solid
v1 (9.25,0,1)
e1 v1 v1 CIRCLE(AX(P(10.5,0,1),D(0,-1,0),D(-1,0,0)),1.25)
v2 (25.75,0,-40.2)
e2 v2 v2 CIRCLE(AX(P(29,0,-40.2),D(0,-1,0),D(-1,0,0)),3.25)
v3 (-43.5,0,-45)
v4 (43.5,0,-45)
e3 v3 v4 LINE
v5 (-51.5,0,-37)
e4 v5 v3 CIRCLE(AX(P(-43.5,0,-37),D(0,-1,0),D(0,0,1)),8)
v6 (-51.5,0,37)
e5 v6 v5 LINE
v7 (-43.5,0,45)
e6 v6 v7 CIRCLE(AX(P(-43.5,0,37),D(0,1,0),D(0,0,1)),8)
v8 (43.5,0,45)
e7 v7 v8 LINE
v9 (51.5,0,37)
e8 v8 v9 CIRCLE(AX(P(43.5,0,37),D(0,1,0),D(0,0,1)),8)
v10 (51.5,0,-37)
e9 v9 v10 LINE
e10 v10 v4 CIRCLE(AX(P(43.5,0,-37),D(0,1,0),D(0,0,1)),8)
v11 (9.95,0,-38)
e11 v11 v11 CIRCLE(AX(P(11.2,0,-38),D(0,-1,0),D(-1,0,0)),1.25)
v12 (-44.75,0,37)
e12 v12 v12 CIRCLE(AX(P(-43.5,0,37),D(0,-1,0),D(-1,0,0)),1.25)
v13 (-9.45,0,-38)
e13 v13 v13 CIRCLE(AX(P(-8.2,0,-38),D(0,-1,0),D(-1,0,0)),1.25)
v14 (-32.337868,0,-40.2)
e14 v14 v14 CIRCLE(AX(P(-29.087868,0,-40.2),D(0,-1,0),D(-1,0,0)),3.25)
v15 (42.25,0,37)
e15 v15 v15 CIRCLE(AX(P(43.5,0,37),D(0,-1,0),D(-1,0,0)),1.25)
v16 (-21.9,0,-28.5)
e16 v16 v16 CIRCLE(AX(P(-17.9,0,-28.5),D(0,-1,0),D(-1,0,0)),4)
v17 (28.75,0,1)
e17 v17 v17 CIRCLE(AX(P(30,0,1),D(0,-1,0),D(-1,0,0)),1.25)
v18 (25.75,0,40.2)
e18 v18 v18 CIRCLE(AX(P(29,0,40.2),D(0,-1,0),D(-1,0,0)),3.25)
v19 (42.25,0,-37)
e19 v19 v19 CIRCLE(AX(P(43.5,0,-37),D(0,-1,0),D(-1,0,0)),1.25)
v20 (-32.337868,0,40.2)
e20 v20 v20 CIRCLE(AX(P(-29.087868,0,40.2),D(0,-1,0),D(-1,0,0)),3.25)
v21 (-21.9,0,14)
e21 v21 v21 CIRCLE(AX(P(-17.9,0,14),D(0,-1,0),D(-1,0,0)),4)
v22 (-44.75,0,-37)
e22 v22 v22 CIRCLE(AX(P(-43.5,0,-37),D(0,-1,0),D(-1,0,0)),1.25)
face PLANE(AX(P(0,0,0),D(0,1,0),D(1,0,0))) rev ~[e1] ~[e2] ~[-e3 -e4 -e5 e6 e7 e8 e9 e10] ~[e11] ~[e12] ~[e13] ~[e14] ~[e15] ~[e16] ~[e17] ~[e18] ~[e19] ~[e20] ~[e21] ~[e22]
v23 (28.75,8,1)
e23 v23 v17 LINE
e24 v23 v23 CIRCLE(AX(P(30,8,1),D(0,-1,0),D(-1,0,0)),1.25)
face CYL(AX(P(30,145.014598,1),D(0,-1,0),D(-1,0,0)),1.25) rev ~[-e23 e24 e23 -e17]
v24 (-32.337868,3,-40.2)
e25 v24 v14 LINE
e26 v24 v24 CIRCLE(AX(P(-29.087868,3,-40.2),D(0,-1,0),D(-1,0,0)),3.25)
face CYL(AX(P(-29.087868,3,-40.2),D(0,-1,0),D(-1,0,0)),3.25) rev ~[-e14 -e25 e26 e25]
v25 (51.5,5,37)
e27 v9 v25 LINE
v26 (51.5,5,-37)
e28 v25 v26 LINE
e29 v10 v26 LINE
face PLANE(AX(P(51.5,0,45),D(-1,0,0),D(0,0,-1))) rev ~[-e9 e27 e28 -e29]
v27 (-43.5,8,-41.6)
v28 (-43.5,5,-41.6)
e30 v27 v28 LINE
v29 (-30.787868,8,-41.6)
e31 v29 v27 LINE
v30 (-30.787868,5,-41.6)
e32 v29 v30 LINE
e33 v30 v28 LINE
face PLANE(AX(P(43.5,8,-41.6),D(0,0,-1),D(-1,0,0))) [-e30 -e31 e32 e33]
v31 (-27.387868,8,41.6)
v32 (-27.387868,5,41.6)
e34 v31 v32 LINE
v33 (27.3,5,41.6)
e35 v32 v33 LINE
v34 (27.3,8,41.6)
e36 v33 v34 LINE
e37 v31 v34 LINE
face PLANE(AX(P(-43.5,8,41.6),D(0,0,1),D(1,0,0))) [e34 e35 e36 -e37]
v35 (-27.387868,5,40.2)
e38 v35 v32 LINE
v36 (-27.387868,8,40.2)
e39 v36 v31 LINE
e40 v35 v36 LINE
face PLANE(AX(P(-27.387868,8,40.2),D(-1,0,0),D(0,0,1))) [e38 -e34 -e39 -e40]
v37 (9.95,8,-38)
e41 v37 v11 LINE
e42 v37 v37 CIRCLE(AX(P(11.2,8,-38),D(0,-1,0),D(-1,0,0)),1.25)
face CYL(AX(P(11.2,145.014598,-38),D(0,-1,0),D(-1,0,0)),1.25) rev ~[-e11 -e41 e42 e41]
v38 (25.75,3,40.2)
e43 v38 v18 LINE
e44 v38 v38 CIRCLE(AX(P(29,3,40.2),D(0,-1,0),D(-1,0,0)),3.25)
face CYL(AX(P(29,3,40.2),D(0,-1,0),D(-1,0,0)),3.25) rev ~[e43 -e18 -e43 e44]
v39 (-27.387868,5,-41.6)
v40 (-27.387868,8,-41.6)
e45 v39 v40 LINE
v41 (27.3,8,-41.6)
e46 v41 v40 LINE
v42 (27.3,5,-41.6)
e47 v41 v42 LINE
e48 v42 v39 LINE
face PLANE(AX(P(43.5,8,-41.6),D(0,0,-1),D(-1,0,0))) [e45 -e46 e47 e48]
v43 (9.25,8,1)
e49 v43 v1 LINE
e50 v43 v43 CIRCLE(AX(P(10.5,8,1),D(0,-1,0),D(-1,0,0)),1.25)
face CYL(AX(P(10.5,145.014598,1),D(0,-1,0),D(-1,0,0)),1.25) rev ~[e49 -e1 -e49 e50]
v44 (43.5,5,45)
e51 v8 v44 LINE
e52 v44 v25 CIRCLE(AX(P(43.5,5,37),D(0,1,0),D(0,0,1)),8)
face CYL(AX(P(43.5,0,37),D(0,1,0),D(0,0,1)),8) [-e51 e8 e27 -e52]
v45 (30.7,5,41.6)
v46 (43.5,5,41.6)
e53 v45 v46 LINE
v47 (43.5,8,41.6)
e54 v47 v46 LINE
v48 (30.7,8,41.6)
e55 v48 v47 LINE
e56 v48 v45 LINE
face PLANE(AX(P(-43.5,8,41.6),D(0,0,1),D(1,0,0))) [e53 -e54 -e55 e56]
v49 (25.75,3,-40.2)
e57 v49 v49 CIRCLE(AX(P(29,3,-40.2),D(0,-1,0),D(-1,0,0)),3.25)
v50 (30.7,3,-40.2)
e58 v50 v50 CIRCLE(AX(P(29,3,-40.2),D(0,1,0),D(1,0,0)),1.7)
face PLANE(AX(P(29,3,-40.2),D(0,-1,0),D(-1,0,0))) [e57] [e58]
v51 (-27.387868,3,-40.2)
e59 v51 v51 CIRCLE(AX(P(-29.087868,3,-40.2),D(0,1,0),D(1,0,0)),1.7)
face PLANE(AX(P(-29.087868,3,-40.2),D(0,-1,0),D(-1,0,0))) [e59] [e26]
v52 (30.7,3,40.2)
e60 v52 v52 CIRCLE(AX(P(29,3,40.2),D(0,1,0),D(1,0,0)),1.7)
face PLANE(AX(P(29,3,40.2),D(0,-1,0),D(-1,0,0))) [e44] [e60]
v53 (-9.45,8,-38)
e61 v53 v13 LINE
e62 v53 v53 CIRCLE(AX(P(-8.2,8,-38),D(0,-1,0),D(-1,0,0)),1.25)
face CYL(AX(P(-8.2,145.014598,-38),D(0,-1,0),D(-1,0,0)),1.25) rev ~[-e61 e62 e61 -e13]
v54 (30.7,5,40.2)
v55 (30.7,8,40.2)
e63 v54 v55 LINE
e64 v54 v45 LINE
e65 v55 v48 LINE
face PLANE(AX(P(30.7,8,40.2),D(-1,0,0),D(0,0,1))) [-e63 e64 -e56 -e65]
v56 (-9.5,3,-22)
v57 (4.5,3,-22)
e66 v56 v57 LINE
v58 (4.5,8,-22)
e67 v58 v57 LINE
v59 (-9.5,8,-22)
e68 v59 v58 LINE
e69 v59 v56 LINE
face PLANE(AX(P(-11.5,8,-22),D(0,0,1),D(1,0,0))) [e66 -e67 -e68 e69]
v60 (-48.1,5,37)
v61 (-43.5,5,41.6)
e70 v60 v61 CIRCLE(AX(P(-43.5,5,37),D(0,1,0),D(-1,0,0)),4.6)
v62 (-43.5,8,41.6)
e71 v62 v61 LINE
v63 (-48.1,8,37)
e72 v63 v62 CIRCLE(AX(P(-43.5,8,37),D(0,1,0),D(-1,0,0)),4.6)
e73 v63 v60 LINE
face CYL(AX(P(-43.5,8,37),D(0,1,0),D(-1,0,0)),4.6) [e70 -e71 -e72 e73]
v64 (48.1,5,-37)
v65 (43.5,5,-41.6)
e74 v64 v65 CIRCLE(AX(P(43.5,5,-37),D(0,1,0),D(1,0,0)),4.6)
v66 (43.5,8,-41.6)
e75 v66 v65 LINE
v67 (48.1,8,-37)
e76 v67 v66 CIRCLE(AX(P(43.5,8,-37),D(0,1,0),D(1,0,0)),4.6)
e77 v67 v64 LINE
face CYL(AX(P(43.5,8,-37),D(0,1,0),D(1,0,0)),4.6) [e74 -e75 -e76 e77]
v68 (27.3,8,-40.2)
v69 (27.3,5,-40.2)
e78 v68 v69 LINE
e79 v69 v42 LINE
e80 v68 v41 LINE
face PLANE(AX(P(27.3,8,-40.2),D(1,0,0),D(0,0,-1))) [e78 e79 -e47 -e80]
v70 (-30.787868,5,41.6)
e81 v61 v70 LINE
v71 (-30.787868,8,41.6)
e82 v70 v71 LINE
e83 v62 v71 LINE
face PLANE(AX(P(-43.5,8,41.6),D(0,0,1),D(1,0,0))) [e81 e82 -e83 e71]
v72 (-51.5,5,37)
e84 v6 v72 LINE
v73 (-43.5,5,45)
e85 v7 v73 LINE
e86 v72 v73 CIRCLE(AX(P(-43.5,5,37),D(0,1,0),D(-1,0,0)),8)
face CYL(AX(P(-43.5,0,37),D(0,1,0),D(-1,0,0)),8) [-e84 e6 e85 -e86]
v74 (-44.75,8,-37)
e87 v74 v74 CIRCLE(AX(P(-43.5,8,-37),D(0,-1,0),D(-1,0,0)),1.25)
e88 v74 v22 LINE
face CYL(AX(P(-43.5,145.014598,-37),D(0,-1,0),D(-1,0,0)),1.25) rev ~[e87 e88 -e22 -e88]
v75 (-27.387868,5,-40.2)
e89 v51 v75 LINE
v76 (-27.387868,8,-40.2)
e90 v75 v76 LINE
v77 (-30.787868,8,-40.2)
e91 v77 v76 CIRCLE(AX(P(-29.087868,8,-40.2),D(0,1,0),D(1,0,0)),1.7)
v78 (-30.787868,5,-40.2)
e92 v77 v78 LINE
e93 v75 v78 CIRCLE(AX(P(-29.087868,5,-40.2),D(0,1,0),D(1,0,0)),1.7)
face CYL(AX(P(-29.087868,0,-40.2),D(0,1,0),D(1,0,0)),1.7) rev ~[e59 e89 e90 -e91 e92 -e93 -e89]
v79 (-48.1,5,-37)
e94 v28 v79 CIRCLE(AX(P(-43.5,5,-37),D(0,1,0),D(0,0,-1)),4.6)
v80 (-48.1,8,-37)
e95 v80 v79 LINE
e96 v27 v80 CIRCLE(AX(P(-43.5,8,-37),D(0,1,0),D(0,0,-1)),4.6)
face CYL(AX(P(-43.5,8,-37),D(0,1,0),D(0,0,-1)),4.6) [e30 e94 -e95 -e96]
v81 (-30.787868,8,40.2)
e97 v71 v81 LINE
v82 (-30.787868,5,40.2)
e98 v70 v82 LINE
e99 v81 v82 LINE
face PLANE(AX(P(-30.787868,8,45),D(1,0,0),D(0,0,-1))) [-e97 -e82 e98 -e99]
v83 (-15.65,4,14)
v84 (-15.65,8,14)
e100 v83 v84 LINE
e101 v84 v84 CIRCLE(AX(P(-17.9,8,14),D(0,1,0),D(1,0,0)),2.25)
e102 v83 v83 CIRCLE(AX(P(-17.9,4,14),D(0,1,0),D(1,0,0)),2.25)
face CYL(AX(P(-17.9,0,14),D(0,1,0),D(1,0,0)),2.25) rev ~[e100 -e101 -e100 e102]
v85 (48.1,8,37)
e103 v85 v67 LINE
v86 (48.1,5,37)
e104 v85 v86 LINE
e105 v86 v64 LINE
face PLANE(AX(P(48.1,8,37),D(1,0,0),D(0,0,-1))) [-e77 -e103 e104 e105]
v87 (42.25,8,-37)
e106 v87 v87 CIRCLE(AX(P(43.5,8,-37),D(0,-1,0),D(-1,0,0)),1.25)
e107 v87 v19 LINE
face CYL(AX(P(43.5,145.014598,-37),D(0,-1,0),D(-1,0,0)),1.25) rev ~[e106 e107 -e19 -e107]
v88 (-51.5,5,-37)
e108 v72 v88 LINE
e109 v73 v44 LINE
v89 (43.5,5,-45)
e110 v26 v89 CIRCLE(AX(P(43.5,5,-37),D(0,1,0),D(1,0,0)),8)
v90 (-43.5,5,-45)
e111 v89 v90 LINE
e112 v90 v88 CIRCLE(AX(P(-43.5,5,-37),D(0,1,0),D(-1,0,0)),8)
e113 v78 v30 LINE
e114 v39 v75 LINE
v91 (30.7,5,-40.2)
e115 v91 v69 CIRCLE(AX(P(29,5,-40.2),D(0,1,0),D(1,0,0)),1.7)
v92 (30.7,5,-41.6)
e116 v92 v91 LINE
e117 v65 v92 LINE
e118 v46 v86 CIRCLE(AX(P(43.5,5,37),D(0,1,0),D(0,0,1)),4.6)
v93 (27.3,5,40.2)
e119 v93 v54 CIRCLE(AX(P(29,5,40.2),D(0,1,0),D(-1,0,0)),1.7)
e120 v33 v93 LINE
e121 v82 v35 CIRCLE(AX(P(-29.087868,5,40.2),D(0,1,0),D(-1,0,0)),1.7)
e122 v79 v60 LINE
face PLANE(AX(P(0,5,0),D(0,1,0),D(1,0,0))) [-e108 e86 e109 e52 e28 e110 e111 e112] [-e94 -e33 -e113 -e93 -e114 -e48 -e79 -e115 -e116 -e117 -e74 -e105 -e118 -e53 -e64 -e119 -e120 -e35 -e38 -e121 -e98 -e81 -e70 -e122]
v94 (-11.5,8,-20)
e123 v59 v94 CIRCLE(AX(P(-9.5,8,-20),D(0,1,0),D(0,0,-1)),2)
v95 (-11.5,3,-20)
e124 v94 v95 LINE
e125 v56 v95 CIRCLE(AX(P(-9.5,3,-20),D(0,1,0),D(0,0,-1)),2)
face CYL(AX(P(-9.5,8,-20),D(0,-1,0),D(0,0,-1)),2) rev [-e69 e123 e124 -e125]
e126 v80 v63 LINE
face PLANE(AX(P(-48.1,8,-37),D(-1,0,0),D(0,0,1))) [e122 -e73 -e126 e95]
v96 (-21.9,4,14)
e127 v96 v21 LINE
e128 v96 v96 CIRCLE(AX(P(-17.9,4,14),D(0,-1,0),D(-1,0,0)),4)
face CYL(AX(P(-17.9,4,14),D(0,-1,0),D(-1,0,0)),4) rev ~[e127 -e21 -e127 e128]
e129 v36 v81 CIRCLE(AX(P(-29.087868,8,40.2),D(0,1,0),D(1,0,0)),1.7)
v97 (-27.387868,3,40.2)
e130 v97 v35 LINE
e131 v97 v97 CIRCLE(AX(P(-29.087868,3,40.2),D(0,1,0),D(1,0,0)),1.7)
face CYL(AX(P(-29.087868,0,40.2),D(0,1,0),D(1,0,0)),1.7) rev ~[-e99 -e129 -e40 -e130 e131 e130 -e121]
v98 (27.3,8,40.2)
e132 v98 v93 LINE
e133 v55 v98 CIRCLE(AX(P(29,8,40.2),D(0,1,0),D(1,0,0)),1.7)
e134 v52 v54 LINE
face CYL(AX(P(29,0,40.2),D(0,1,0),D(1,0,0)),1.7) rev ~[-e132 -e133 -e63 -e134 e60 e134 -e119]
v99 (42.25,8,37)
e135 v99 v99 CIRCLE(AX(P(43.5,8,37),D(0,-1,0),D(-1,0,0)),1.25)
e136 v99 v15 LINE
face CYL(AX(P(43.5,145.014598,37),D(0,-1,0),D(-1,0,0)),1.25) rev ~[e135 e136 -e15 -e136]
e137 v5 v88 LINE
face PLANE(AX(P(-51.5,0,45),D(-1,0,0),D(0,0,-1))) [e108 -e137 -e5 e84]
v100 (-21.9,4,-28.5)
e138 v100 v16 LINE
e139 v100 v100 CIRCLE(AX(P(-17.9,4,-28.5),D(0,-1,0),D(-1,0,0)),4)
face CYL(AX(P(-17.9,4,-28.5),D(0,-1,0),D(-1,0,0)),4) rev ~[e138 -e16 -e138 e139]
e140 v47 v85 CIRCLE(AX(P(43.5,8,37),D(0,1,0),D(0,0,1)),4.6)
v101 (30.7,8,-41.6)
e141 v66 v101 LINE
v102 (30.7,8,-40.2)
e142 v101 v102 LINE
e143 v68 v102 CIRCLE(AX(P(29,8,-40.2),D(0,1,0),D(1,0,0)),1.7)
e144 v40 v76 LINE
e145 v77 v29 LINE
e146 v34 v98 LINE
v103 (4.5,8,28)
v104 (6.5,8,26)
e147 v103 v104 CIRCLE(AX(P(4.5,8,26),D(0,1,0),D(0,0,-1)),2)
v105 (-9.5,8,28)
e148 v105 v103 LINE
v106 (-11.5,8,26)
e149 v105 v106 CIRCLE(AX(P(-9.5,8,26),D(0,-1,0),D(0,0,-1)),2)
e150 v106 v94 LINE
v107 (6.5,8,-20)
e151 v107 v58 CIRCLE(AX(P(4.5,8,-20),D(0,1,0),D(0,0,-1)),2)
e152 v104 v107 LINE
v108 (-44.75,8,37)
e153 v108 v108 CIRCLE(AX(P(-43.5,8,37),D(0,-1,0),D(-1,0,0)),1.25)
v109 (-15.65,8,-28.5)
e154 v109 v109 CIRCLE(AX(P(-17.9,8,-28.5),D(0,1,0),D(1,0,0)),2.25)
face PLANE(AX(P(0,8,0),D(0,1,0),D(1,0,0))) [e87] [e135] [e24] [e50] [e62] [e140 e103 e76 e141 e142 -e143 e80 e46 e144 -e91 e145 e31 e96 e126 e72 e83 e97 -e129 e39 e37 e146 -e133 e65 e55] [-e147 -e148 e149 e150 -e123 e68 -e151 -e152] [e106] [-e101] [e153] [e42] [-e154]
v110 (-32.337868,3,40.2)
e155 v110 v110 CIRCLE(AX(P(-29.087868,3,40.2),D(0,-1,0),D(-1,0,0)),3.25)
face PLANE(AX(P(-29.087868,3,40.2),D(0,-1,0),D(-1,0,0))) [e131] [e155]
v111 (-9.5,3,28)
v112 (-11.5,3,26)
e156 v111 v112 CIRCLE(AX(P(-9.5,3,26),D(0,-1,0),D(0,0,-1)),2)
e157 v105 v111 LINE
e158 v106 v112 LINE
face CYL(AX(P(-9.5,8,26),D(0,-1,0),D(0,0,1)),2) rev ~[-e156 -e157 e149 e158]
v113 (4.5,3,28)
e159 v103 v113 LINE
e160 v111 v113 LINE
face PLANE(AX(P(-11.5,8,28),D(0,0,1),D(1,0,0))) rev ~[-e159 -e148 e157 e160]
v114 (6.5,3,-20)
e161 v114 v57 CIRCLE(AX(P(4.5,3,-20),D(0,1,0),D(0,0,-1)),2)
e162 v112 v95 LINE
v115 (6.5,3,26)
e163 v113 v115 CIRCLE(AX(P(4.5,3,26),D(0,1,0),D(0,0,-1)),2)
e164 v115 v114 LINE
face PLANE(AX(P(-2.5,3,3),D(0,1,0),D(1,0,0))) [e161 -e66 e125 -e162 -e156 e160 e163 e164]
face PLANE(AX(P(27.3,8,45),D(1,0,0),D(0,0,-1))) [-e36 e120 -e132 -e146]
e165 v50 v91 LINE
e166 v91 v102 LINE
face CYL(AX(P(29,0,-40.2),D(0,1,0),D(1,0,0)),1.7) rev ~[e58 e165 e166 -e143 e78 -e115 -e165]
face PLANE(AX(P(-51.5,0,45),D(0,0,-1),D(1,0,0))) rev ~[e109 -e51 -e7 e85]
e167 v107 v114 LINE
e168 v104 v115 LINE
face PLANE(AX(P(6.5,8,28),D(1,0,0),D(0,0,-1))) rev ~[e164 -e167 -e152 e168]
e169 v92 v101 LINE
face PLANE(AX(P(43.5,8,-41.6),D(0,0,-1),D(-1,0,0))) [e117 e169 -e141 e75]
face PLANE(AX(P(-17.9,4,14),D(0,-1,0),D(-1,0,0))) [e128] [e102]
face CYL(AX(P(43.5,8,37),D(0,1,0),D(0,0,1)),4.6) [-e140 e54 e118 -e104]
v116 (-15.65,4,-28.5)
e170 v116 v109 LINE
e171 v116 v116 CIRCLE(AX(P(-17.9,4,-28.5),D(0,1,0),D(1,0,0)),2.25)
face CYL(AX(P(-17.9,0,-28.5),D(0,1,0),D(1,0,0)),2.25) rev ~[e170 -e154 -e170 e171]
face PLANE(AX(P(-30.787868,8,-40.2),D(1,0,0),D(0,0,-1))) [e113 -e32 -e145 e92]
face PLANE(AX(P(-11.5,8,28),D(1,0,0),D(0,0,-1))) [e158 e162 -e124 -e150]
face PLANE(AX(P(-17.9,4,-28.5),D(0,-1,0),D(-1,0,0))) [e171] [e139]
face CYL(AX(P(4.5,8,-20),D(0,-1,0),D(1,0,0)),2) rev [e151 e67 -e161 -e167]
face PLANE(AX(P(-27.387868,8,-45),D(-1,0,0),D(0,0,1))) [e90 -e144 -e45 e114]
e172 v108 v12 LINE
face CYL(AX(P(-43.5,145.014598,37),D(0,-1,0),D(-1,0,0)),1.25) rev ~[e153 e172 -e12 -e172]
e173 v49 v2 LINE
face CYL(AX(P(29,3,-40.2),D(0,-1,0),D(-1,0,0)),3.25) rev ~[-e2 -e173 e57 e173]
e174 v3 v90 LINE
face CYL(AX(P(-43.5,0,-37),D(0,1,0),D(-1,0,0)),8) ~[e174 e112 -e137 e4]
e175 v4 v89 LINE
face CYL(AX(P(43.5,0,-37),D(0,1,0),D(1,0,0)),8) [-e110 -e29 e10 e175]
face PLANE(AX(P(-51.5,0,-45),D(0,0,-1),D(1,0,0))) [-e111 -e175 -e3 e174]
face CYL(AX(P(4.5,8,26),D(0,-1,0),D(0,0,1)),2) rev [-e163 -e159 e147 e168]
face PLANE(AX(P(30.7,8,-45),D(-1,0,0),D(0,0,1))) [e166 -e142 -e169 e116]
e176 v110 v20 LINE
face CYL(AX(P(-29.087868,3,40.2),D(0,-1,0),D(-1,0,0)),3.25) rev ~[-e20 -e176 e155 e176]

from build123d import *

# Parameters (mm, degrees)
SKETCH1_W                      = 103
SKETCH1_H                      = 90
BOSS_EXTRUDE1_DEPTH            = 8
FILLET1_R                      = 8
SKETCH7_OUTSIDE_W              = 132.402
SKETCH7_OUTSIDE_H              = 119.402
CUT_EXTRUDE2_DEPTH             = 3
M3X0_5_TAPPED_HOLE1_D          = 2.5
SKETCH15_W                     = 18
SKETCH15_H                     = 50
CUT_EXTRUDE3_DEPTH             = 5
FILLET3_R                      = 2
CBORE_FOR_M4_SHCS1_D           = 4.5
CBORE_FOR_M4_SHCS1_CBORE_D     = 8
CBORE_FOR_M4_SHCS1_CBORE_DEPTH = 4
CBORE_FOR_M3_SHCS2_D           = 3.4
CBORE_FOR_M3_SHCS2_CBORE_D     = 6.5
CBORE_FOR_M3_SHCS2_CBORE_DEPTH = 3
CUT_EXTRUDE4_DEPTH             = 3


with BuildPart() as part:
    # Sketch1 → Boss-Extrude1 (new body)
    with BuildSketch(Plane(origin=(0, 0, 0), x_dir=(1, 0, 0), z_dir=(0, 1, 0))):
        Rectangle(SKETCH1_W, SKETCH1_H)
    extrude(amount=BOSS_EXTRUDE1_DEPTH)

    # Fillet1
    fillet1_edges = [part.edges().sort_by_distance(p)[0] for p in [
        (51.5, 4, 45),
        (-51.5, 4, 45),
        (-51.5, 4, -45),
        (51.5, 4, -45),
    ]]
    fillet(fillet1_edges, radius=FILLET1_R)

    # Sketch7 outside → Cut-Extrude2 (cut)
    with BuildSketch(Plane(origin=(0, 8, 0), x_dir=(1, 0, 0), z_dir=(0, 1, 0))):
        Rectangle(SKETCH7_OUTSIDE_W, SKETCH7_OUTSIDE_H)
        with BuildLine():
            Line((-43.5, -41.6), (43.5, -41.6))
            ThreePointArc((43.5, -41.6), (46.752691193, -40.252691193), (48.1, -37))
            Line((48.1, -37), (48.1, 37))
            ThreePointArc((48.1, 37), (46.752691193, 40.252691193), (43.5, 41.6))
            Line((43.5, 41.6), (-43.5, 41.6))
            ThreePointArc((-43.5, 41.6), (-46.752691193, 40.252691193), (-48.1, 37))
            Line((-48.1, 37), (-48.1, -37))
            ThreePointArc((-48.1, -37), (-46.752691193, -40.252691193), (-43.5, -41.6))
        make_face(mode=Mode.SUBTRACT)
    extrude(amount=-CUT_EXTRUDE2_DEPTH, mode=Mode.SUBTRACT)

    # M3x0.5 Tapped Hole1 (through all)
    with Locations(Plane(origin=(0, 8, 0), x_dir=(1, 0, 0), z_dir=(0, 1, 0))):
        with Locations((-43.5, -37), (-43.5, 37), (43.5, 37), (43.5, -37), (-8.2, 38), (11.2, 38), (30, -1), (10.5, -1)):
            Hole(M3X0_5_TAPPED_HOLE1_D / 2)

    # Sketch15 → Cut-Extrude3 (cut)
    with BuildSketch(Plane(origin=(0, 8, 0), x_dir=(1, 0, 0), z_dir=(0, 1, 0))):
        with Locations((-2.5, -3)):
            Rectangle(SKETCH15_W, SKETCH15_H)
    extrude(amount=-CUT_EXTRUDE3_DEPTH, mode=Mode.SUBTRACT)

    # Fillet3
    fillet3_edges = [part.edges().sort_by_distance(p)[0] for p in [
        (-11.5, 5.5, 28),
        (-11.5, 5.5, -22),
        (6.5, 5.5, -22),
        (6.5, 5.5, 28),
    ]]
    fillet(fillet3_edges, radius=FILLET3_R)

    # CBORE for M4 SHCS1 (through all)
    with Locations(Plane(origin=(0, 0, 0), x_dir=(-1, 0, 0), z_dir=(0, -1, 0))):
        with Locations((17.9, -14), (17.9, 28.5)):
            CounterBoreHole(CBORE_FOR_M4_SHCS1_D / 2, CBORE_FOR_M4_SHCS1_CBORE_D / 2, CBORE_FOR_M4_SHCS1_CBORE_DEPTH)

    # CBORE for M3 SHCS2 (through all)
    with Locations(Plane(origin=(0, 0, 0), x_dir=(-1, 0, 0), z_dir=(0, -1, 0))):
        with Locations((29.087867966, -40.2), (-29, -40.2), (29.087867966, 40.2), (-29, 40.2)):
            CounterBoreHole(CBORE_FOR_M3_SHCS2_D / 2, CBORE_FOR_M3_SHCS2_CBORE_D / 2, CBORE_FOR_M3_SHCS2_CBORE_DEPTH)

    # Sketch21 → Cut-Extrude4 (cut)
    with BuildSketch(Plane(origin=(0, 8, 0), x_dir=(1, 0, 0), z_dir=(0, 1, 0))):
        with BuildLine():
            Line((-30.787867966, 40.2), (-30.787867966, 45))
            ThreePointArc((-30.787867966, 45), (-29.087867966, 46.7), (-27.387867966, 45))
            Line((-27.387867966, 45), (-27.387867966, 40.2))
            ThreePointArc((-27.387867966, 40.2), (-29.087867966, 38.5), (-30.787867966, 40.2))
        make_face()
        with BuildLine():
            Line((27.3, 40.2), (27.3, 45))
            ThreePointArc((27.3, 45), (29, 46.7), (30.7, 45))
            Line((30.7, 45), (30.7, 40.2))
            ThreePointArc((30.7, 40.2), (29, 38.5), (27.3, 40.2))
        make_face()
        with BuildLine():
            Line((-27.387867966, -40.2), (-27.387867966, -45))
            ThreePointArc((-27.387867966, -45), (-29.087867966, -46.7), (-30.787867966, -45))
            Line((-30.787867966, -45), (-30.787867966, -40.2))
            ThreePointArc((-30.787867966, -40.2), (-29.087867966, -38.5), (-27.387867966, -40.2))
        make_face()
        with BuildLine():
            Line((30.7, -40.2), (30.7, -45))
            ThreePointArc((30.7, -45), (29, -46.7), (27.3, -45))
            Line((27.3, -45), (27.3, -40.2))
            ThreePointArc((27.3, -40.2), (29, -38.5), (30.7, -40.2))
        make_face()
    extrude(amount=-CUT_EXTRUDE4_DEPTH, mode=Mode.SUBTRACT)


solid = part.part
